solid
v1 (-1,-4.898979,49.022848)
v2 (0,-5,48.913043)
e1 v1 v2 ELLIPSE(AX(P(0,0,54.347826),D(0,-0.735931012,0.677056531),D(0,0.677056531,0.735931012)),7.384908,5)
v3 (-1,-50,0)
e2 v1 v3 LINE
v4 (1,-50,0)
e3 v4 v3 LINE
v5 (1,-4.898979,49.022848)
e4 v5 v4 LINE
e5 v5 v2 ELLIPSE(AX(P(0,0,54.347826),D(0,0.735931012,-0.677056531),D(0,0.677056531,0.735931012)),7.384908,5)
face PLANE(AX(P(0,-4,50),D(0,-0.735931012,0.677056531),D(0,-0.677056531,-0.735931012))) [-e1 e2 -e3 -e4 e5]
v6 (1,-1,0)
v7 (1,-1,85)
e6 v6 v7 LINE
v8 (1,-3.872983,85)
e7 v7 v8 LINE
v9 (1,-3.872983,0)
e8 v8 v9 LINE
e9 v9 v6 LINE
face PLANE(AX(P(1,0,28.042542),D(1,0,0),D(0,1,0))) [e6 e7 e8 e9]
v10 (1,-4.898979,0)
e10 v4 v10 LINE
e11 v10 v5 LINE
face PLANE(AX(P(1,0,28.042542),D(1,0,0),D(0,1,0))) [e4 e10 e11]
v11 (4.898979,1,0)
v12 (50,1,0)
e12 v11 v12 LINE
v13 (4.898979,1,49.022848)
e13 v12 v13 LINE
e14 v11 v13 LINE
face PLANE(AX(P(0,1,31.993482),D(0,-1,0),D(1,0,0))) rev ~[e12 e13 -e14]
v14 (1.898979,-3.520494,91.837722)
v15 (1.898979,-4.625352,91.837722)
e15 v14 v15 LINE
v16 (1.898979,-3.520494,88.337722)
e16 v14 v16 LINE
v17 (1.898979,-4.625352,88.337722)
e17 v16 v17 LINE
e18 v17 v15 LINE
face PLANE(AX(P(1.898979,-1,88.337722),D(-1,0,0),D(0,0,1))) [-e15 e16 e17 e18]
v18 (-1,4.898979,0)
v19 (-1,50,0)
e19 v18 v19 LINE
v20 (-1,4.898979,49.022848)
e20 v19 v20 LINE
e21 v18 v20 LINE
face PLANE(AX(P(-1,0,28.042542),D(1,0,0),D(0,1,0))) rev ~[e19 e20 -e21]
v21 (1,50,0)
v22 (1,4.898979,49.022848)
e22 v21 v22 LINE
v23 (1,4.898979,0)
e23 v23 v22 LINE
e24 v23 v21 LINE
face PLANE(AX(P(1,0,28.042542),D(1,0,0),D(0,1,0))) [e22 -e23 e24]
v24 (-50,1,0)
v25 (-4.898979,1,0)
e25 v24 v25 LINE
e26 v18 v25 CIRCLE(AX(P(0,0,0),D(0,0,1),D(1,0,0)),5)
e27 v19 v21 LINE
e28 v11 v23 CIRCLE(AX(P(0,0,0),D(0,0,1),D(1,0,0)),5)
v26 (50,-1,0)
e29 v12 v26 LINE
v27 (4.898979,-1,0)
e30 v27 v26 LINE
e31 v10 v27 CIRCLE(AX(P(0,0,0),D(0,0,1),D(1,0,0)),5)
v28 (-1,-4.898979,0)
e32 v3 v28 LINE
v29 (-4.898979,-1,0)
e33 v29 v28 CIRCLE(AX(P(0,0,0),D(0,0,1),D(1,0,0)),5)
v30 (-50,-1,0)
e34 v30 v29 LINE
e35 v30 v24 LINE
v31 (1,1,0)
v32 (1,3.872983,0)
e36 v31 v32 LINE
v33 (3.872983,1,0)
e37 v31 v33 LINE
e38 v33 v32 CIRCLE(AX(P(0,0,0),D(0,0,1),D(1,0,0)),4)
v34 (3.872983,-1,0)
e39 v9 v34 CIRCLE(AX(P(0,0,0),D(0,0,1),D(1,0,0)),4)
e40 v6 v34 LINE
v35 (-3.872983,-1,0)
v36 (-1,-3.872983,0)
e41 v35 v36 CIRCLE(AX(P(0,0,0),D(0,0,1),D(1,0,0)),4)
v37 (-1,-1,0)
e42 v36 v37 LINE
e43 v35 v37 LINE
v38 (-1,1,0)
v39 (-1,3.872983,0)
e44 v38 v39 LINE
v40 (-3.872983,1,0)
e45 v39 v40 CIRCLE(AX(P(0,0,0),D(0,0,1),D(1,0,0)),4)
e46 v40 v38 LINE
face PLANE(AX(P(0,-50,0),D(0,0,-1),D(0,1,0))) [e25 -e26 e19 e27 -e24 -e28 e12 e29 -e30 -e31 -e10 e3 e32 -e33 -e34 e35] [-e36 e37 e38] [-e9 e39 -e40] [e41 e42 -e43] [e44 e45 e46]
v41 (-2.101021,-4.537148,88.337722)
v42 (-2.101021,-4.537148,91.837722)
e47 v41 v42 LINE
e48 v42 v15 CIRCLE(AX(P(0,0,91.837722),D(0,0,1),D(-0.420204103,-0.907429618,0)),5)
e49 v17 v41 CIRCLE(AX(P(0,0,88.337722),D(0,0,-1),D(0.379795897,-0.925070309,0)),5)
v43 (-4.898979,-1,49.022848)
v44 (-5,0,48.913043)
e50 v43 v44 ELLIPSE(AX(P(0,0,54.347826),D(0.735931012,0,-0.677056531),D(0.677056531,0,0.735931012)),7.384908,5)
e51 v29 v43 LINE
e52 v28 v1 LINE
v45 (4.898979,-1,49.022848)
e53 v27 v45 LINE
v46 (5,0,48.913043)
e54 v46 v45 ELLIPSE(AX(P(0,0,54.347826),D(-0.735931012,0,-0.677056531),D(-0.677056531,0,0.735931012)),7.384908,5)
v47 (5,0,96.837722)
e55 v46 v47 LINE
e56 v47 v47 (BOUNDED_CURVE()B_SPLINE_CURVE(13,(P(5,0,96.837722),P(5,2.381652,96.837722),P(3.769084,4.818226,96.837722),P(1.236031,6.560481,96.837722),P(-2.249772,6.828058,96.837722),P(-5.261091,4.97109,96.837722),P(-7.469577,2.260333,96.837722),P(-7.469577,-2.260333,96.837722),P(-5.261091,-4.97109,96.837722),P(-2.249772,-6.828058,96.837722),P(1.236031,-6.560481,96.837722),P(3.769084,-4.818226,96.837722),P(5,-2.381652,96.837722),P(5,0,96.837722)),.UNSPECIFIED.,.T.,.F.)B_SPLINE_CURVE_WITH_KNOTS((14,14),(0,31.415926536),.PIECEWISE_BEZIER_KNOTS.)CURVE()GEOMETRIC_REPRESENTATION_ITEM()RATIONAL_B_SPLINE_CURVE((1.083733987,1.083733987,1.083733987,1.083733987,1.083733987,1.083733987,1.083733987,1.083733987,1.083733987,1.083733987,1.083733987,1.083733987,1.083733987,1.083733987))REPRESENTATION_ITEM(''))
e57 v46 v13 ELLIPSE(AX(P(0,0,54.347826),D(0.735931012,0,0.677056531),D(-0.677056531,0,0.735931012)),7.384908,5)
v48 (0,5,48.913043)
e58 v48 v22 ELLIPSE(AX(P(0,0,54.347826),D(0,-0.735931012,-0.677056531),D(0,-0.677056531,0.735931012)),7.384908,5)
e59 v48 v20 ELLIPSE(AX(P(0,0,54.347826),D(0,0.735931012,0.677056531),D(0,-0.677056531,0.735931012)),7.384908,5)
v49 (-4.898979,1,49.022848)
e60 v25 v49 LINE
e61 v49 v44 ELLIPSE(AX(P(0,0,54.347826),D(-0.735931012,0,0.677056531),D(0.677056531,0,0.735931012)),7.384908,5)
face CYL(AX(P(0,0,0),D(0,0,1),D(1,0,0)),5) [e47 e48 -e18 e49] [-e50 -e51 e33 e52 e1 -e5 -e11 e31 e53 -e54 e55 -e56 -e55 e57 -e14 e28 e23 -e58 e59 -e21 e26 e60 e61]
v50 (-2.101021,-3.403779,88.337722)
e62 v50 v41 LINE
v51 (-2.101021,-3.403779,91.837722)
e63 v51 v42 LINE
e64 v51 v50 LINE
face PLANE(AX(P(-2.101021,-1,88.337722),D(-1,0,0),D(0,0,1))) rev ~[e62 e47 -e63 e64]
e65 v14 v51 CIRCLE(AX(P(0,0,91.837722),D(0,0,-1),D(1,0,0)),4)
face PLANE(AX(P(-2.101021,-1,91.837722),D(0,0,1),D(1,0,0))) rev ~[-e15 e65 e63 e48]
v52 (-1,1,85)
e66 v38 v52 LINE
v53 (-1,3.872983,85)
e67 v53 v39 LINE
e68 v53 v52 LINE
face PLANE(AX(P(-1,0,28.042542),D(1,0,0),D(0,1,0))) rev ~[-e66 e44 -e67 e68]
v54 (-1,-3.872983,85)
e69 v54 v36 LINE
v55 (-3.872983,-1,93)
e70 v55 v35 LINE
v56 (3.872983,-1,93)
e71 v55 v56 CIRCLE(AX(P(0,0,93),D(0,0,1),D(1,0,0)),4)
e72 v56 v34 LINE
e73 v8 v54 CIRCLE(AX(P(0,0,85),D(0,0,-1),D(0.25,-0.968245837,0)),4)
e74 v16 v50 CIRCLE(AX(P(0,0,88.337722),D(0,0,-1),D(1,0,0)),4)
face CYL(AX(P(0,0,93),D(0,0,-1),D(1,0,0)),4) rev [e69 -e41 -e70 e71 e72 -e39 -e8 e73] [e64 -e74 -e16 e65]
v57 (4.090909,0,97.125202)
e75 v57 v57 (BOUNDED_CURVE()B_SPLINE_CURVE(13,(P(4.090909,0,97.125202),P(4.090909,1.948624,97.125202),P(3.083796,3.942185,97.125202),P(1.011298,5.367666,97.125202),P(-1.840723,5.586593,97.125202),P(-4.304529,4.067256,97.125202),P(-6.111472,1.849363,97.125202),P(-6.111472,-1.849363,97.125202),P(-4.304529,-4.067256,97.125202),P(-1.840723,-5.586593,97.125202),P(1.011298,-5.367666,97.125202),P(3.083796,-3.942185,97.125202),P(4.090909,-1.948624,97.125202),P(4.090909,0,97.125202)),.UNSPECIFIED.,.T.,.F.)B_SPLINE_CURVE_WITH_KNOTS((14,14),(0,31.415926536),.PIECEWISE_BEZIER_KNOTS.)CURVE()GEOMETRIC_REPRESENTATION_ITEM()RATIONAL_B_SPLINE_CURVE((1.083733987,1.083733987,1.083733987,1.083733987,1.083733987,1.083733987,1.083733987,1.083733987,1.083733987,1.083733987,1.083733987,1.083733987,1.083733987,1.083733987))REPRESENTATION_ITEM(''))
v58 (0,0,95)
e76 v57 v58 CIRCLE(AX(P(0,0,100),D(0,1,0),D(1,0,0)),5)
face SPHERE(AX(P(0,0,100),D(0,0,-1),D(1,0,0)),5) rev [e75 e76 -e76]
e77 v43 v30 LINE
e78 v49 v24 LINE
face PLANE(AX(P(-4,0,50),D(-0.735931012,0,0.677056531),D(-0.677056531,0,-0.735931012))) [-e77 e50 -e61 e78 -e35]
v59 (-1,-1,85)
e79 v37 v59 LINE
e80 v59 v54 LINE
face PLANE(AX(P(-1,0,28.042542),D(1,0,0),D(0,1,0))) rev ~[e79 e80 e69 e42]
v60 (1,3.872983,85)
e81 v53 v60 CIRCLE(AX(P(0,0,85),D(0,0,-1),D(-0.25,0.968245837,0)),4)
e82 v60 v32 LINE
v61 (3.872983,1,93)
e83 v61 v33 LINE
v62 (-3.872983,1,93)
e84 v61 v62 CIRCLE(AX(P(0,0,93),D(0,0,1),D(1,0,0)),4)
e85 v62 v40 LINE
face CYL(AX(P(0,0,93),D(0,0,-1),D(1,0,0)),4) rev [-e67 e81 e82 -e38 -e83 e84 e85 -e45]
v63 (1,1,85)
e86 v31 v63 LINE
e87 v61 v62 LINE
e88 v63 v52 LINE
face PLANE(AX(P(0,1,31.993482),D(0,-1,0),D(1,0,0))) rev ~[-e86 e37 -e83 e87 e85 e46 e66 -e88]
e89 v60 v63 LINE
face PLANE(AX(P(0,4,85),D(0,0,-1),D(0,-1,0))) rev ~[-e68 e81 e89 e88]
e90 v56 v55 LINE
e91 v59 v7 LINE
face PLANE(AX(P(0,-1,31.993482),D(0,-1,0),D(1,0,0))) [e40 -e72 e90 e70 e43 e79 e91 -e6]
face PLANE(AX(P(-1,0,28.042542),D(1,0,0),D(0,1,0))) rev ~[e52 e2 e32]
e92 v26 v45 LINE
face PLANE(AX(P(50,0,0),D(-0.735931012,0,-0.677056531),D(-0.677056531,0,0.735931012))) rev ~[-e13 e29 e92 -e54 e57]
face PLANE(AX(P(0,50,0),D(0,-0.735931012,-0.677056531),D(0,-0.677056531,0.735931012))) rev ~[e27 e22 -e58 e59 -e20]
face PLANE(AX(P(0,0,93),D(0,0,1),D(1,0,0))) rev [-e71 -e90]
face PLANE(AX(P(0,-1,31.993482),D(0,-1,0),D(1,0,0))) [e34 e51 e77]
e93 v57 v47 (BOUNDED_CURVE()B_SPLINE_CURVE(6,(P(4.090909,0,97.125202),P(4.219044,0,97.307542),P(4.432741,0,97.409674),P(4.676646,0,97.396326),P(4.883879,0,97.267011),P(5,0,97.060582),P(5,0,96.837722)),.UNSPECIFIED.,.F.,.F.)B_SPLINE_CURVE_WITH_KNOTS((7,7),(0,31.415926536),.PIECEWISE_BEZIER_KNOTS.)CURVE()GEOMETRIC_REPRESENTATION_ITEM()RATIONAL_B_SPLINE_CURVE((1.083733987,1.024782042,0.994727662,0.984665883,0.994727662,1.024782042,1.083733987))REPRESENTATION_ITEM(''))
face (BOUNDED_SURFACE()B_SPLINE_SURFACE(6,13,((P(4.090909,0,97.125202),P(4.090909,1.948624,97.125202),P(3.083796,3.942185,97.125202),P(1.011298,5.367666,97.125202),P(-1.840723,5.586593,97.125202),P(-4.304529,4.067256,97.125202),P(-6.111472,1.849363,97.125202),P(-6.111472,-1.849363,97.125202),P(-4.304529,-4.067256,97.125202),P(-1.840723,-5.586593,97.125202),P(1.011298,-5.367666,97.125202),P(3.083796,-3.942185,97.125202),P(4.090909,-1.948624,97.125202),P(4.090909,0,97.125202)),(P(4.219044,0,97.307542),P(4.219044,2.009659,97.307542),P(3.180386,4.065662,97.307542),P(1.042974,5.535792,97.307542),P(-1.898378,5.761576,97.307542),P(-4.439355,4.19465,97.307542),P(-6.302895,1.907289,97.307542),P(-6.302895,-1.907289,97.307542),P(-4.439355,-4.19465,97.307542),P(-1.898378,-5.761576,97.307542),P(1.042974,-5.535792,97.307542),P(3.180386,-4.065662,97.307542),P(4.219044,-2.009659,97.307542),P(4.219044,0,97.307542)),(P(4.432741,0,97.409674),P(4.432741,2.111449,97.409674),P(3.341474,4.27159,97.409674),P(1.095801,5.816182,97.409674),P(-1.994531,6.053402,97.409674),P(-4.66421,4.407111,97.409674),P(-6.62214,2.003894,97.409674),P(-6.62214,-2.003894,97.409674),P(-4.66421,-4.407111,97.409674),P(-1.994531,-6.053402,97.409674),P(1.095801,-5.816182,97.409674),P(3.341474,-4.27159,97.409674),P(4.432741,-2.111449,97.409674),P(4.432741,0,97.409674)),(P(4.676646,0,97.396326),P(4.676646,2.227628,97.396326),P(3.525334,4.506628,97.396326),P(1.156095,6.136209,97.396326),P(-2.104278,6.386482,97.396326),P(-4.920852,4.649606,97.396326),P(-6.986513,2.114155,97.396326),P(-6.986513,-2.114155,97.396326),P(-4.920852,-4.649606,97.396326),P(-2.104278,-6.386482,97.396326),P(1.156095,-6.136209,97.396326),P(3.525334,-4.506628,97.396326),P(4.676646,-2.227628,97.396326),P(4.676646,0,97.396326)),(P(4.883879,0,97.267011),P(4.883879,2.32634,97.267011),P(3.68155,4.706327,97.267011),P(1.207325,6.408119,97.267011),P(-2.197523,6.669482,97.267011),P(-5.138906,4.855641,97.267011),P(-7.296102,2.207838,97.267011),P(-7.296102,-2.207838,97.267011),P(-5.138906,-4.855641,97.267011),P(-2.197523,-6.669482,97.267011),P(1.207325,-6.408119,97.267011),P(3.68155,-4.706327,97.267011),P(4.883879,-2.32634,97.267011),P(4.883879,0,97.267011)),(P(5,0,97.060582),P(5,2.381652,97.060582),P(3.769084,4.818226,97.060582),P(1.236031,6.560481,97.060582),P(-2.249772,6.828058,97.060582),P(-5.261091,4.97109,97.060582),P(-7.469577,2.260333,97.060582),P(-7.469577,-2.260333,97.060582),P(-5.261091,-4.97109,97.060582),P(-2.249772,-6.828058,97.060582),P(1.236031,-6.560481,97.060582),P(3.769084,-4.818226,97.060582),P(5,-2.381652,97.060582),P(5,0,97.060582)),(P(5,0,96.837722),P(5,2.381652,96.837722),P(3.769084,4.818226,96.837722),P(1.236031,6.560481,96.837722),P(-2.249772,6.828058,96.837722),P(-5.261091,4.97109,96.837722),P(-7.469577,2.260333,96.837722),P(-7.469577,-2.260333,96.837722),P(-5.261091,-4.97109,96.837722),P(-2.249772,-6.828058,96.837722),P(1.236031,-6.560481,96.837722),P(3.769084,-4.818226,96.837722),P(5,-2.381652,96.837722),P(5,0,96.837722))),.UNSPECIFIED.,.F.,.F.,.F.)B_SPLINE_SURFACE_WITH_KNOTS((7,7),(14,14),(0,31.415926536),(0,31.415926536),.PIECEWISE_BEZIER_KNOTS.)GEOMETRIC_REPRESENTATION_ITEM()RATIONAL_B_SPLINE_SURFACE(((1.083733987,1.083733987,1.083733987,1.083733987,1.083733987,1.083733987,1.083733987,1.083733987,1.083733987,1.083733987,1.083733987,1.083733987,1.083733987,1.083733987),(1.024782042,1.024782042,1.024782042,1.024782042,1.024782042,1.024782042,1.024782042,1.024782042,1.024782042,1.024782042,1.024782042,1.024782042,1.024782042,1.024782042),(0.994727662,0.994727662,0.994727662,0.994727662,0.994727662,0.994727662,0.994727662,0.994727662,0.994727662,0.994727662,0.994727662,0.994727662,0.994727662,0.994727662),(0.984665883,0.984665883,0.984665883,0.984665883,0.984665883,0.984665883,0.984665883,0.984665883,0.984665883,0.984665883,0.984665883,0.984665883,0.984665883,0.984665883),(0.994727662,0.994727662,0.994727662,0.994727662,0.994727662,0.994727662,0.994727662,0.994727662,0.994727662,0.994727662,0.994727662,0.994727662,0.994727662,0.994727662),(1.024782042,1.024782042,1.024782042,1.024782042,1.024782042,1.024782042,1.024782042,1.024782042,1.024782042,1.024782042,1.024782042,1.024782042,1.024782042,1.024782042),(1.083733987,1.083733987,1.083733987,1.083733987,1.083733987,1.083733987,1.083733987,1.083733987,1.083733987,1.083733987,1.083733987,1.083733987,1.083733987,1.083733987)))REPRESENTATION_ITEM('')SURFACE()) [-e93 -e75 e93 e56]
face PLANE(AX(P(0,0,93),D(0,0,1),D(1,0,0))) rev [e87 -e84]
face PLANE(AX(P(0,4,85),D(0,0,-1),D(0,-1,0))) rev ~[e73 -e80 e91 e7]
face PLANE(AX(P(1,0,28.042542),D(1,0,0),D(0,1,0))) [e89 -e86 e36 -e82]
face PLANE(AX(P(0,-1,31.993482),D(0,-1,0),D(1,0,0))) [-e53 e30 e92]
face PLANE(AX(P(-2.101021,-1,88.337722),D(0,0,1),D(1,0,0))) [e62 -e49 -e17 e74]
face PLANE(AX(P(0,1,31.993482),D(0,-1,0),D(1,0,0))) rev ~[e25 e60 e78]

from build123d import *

# Parameters (mm, degrees)
F1_R          = 0.5
F3_DEPTH      = 1
F3_DEPTH_BACK = 1
F5_DEPTH      = 1
F5_DEPTH_BACK = 1
F7_START      = 1
F6_W          = 4
F6_H          = 3.5
F7_DEPTH      = 4


with BuildPart() as f0:
    # F8 (on Front) → F0 (revolve)
    with BuildSketch(Plane.XZ):
        with BuildLine():
            ThreePointArc((5, 100), (3.5355339059, 96.4644660941), (0, 95))
            Line((0, 95), (0, 93))
            Line((0, 93), (4, 93))
            Line((4, 93), (4, 0))
            Line((4, 0), (5, 0))
            Line((5, 0), (5, 100))
        make_face()
    revolve(axis=Axis((0, 0, 94), (0, 0, 1)))

    # F1
    f1_edges = [f0.edges().sort_by_distance(p)[0] for p in [
        (-5, 0, 100),
    ]]
    fillet(f1_edges, radius=F1_R)

    # F2 (on Front) → F3 (join, two sides)
    with BuildSketch(Plane.XZ) as f3_sk:
        Polygon((-50, 0), (50, 0), (4, 50), (4, 95), (-4, 95), (-4, 50), align=None)
    extrude(amount=F3_DEPTH)
    extrude(f3_sk.sketch, amount=-F3_DEPTH_BACK)

    # F4 (on Right) → F5 (join, two sides)
    with BuildSketch(Plane.YZ) as f5_sk:
        Polygon((-50, 0), (50, 0), (4, 50), (4, 85), (-4, 85), (-4, 50), align=None)
    extrude(amount=F5_DEPTH)
    extrude(f5_sk.sketch, amount=-F5_DEPTH_BACK)

    # F6 (on Front) → F7 (cut)
    with BuildSketch(Plane.XZ.offset(F7_START)):
        with Locations((-0.1010205144, 90.0877223398)):
            Rectangle(F6_W, F6_H)
    extrude(amount=F7_DEPTH, mode=Mode.SUBTRACT)


solid = f0.part
